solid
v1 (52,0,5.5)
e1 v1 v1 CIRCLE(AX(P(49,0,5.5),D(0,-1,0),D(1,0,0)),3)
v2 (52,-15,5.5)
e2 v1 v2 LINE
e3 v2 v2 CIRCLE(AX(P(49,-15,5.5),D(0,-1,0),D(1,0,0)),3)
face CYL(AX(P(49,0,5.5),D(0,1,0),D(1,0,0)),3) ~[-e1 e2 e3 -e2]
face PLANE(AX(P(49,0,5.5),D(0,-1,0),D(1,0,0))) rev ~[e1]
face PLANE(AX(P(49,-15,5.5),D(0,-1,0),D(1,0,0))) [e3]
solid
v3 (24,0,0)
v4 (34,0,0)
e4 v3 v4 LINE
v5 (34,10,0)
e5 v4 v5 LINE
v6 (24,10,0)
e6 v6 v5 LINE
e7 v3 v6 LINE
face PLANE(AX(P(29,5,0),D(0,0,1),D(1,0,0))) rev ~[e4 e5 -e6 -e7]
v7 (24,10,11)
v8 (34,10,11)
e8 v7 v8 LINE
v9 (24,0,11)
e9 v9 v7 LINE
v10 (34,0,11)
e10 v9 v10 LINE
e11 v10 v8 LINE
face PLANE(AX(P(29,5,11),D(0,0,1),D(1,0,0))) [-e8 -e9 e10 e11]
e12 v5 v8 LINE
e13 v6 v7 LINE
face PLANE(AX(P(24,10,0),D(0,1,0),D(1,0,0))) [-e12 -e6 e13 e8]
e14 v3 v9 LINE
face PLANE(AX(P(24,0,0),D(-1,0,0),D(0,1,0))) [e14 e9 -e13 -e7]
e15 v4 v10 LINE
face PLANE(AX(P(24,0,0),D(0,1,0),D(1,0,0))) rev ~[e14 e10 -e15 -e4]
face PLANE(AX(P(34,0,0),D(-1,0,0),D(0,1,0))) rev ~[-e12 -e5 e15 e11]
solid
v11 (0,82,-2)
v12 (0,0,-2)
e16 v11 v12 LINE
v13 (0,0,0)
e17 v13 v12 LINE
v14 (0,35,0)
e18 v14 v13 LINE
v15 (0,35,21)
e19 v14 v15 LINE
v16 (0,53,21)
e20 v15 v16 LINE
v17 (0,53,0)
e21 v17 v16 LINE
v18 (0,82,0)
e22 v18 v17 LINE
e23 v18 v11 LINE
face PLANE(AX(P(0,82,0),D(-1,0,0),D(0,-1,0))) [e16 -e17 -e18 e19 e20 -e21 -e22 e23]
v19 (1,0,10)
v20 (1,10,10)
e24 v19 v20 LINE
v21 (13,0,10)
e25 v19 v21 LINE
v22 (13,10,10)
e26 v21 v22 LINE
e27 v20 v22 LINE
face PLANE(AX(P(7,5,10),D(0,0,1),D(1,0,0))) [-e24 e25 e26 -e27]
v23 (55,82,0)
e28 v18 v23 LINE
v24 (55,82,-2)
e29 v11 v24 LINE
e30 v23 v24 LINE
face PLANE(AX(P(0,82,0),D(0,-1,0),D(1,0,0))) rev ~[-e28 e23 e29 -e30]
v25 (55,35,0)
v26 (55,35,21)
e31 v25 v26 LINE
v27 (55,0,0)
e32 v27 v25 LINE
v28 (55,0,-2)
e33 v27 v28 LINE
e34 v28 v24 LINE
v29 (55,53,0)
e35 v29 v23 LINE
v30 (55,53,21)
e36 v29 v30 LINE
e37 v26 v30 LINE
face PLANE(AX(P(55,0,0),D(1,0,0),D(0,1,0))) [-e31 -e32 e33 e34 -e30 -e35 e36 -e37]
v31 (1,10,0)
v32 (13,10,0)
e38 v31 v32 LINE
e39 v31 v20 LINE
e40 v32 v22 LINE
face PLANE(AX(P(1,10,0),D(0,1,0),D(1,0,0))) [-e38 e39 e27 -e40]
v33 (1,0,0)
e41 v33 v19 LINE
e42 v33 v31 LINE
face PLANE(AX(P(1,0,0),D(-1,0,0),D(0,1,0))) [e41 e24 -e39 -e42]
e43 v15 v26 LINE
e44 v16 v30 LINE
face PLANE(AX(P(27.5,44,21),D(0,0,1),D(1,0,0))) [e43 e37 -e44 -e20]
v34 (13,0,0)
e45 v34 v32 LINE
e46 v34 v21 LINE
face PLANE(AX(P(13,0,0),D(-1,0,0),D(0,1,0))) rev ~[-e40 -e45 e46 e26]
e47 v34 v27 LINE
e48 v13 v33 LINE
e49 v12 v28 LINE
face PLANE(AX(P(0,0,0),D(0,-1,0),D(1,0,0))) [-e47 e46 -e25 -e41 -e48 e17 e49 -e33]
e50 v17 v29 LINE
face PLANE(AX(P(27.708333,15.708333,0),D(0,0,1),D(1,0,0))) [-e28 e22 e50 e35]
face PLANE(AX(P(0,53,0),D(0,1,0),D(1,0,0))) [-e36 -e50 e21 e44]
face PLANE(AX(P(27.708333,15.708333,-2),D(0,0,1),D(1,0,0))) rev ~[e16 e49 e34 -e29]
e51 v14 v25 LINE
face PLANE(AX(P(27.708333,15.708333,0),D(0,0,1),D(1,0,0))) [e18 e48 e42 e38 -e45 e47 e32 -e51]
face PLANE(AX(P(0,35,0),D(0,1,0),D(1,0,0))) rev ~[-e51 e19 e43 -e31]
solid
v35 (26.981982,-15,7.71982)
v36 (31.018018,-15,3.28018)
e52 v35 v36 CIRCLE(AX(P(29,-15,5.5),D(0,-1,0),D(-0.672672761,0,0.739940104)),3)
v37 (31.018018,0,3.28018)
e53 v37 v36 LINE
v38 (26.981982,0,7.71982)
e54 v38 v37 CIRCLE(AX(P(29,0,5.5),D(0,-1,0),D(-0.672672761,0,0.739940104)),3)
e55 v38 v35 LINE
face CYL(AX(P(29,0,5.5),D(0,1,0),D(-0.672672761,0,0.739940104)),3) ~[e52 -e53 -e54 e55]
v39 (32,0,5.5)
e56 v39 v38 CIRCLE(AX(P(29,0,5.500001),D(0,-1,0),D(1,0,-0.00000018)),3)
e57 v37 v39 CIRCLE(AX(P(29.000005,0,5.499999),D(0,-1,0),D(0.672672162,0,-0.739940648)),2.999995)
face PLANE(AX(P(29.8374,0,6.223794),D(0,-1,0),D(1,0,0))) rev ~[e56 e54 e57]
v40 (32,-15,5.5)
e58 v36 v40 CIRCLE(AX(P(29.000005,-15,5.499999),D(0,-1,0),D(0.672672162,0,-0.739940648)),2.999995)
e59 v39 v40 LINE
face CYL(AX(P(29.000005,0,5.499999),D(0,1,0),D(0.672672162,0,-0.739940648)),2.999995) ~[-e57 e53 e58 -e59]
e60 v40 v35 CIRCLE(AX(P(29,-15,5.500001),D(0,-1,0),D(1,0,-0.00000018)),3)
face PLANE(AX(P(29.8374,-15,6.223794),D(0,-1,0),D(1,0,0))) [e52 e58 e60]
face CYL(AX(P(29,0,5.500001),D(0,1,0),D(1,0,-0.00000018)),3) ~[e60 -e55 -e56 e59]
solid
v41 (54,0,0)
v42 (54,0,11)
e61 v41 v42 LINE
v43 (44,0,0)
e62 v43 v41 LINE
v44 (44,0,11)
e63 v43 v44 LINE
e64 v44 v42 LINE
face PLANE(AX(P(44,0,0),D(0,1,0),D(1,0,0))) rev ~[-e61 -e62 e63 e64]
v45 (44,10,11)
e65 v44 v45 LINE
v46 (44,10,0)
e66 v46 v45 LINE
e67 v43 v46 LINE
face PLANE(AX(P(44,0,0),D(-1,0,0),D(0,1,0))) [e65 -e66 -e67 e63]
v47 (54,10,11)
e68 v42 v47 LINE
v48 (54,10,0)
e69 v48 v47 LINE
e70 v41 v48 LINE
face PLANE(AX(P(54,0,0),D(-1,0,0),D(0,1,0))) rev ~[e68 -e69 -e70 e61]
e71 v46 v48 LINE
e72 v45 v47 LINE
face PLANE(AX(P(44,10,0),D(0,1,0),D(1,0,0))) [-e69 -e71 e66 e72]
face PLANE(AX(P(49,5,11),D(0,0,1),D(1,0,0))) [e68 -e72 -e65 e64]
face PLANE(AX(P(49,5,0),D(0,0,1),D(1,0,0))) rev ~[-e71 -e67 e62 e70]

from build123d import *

# Parameters (mm, degrees)
F0_W     = 12
F0_H     = 10
F0_W_2   = 55
F0_H_2   = 18
F0_H_3   = 29
F0_W_3   = 10
F1_DEPTH = 2
F2_DEPTH = 11
F3_DEPTH = 10
F4_DEPTH = 21
F5_R     = 3
F6_DEPTH = 15


with BuildPart() as f1:
    # F0 (on Top) → F1 (new body)
    with BuildSketch(Plane.XY):
        Polygon((0, 35), (0, 0), (1, 0), (1, 10), (13, 10), (13, 0), (24, 0), (24, 10), (34, 10), (34, 0), (44, 0), (44, 10), (54, 10), (54, 0), (55, 0), (55, 35), align=None)
        with Locations((7, 5)):
            Rectangle(F0_W, F0_H)
        with Locations((27.5, 44)):
            Rectangle(F0_W_2, F0_H_2)
        with Locations((27.5, 67.5)):
            Rectangle(F0_W_2, F0_H_3)
        with Locations((29, 5)):
            Rectangle(F0_W_3, F0_H)
        with Locations((49, 5)):
            Rectangle(F0_W_3, F0_H)
    extrude(amount=-F1_DEPTH)

    # F0 (on Top) → F3 (join)
    with BuildSketch(Plane.XY):
        with Locations((7, 5)):
            Rectangle(F0_W, F0_H)
    extrude(amount=F3_DEPTH)

    # F0 (on Top) → F4 (join)
    with BuildSketch(Plane.XY):
        with Locations((27.5, 44)):
            Rectangle(F0_W_2, F0_H_2)
    extrude(amount=F4_DEPTH)


with BuildPart() as f2:
    # F0 (on Top) → F2 (new body)
    with BuildSketch(Plane.XY):
        with Locations((29, 5)):
            Rectangle(F0_W_3, F0_H)
        with Locations((49, 5)):
            Rectangle(F0_W_3, F0_H)
    extrude(amount=F2_DEPTH)


with BuildPart() as f6:
    # F5 (on face) → F6 (new body)
    with BuildSketch(Plane.XZ):
        with BuildLine():
            ThreePointArc((32, 5.5), (30.213661, 8.243543), (26.981982, 7.71982))
            Line((26.981982, 7.71982), (31.018018, 3.28018))
            ThreePointArc((31.018018, 3.28018), (31.743543, 4.286339), (32, 5.5))
        make_face()
        with BuildLine():
            Line((31.018018, 3.28018), (26.981982, 7.71982))
            ThreePointArc((26.981982, 7.71982), (26.78018, 3.481982), (31.018018, 3.28018))
        make_face()
        with Locations((49, 5.5)):
            Circle(F5_R)
    extrude(amount=F6_DEPTH)


solid = Compound([f1.part, f2.part, f6.part])
